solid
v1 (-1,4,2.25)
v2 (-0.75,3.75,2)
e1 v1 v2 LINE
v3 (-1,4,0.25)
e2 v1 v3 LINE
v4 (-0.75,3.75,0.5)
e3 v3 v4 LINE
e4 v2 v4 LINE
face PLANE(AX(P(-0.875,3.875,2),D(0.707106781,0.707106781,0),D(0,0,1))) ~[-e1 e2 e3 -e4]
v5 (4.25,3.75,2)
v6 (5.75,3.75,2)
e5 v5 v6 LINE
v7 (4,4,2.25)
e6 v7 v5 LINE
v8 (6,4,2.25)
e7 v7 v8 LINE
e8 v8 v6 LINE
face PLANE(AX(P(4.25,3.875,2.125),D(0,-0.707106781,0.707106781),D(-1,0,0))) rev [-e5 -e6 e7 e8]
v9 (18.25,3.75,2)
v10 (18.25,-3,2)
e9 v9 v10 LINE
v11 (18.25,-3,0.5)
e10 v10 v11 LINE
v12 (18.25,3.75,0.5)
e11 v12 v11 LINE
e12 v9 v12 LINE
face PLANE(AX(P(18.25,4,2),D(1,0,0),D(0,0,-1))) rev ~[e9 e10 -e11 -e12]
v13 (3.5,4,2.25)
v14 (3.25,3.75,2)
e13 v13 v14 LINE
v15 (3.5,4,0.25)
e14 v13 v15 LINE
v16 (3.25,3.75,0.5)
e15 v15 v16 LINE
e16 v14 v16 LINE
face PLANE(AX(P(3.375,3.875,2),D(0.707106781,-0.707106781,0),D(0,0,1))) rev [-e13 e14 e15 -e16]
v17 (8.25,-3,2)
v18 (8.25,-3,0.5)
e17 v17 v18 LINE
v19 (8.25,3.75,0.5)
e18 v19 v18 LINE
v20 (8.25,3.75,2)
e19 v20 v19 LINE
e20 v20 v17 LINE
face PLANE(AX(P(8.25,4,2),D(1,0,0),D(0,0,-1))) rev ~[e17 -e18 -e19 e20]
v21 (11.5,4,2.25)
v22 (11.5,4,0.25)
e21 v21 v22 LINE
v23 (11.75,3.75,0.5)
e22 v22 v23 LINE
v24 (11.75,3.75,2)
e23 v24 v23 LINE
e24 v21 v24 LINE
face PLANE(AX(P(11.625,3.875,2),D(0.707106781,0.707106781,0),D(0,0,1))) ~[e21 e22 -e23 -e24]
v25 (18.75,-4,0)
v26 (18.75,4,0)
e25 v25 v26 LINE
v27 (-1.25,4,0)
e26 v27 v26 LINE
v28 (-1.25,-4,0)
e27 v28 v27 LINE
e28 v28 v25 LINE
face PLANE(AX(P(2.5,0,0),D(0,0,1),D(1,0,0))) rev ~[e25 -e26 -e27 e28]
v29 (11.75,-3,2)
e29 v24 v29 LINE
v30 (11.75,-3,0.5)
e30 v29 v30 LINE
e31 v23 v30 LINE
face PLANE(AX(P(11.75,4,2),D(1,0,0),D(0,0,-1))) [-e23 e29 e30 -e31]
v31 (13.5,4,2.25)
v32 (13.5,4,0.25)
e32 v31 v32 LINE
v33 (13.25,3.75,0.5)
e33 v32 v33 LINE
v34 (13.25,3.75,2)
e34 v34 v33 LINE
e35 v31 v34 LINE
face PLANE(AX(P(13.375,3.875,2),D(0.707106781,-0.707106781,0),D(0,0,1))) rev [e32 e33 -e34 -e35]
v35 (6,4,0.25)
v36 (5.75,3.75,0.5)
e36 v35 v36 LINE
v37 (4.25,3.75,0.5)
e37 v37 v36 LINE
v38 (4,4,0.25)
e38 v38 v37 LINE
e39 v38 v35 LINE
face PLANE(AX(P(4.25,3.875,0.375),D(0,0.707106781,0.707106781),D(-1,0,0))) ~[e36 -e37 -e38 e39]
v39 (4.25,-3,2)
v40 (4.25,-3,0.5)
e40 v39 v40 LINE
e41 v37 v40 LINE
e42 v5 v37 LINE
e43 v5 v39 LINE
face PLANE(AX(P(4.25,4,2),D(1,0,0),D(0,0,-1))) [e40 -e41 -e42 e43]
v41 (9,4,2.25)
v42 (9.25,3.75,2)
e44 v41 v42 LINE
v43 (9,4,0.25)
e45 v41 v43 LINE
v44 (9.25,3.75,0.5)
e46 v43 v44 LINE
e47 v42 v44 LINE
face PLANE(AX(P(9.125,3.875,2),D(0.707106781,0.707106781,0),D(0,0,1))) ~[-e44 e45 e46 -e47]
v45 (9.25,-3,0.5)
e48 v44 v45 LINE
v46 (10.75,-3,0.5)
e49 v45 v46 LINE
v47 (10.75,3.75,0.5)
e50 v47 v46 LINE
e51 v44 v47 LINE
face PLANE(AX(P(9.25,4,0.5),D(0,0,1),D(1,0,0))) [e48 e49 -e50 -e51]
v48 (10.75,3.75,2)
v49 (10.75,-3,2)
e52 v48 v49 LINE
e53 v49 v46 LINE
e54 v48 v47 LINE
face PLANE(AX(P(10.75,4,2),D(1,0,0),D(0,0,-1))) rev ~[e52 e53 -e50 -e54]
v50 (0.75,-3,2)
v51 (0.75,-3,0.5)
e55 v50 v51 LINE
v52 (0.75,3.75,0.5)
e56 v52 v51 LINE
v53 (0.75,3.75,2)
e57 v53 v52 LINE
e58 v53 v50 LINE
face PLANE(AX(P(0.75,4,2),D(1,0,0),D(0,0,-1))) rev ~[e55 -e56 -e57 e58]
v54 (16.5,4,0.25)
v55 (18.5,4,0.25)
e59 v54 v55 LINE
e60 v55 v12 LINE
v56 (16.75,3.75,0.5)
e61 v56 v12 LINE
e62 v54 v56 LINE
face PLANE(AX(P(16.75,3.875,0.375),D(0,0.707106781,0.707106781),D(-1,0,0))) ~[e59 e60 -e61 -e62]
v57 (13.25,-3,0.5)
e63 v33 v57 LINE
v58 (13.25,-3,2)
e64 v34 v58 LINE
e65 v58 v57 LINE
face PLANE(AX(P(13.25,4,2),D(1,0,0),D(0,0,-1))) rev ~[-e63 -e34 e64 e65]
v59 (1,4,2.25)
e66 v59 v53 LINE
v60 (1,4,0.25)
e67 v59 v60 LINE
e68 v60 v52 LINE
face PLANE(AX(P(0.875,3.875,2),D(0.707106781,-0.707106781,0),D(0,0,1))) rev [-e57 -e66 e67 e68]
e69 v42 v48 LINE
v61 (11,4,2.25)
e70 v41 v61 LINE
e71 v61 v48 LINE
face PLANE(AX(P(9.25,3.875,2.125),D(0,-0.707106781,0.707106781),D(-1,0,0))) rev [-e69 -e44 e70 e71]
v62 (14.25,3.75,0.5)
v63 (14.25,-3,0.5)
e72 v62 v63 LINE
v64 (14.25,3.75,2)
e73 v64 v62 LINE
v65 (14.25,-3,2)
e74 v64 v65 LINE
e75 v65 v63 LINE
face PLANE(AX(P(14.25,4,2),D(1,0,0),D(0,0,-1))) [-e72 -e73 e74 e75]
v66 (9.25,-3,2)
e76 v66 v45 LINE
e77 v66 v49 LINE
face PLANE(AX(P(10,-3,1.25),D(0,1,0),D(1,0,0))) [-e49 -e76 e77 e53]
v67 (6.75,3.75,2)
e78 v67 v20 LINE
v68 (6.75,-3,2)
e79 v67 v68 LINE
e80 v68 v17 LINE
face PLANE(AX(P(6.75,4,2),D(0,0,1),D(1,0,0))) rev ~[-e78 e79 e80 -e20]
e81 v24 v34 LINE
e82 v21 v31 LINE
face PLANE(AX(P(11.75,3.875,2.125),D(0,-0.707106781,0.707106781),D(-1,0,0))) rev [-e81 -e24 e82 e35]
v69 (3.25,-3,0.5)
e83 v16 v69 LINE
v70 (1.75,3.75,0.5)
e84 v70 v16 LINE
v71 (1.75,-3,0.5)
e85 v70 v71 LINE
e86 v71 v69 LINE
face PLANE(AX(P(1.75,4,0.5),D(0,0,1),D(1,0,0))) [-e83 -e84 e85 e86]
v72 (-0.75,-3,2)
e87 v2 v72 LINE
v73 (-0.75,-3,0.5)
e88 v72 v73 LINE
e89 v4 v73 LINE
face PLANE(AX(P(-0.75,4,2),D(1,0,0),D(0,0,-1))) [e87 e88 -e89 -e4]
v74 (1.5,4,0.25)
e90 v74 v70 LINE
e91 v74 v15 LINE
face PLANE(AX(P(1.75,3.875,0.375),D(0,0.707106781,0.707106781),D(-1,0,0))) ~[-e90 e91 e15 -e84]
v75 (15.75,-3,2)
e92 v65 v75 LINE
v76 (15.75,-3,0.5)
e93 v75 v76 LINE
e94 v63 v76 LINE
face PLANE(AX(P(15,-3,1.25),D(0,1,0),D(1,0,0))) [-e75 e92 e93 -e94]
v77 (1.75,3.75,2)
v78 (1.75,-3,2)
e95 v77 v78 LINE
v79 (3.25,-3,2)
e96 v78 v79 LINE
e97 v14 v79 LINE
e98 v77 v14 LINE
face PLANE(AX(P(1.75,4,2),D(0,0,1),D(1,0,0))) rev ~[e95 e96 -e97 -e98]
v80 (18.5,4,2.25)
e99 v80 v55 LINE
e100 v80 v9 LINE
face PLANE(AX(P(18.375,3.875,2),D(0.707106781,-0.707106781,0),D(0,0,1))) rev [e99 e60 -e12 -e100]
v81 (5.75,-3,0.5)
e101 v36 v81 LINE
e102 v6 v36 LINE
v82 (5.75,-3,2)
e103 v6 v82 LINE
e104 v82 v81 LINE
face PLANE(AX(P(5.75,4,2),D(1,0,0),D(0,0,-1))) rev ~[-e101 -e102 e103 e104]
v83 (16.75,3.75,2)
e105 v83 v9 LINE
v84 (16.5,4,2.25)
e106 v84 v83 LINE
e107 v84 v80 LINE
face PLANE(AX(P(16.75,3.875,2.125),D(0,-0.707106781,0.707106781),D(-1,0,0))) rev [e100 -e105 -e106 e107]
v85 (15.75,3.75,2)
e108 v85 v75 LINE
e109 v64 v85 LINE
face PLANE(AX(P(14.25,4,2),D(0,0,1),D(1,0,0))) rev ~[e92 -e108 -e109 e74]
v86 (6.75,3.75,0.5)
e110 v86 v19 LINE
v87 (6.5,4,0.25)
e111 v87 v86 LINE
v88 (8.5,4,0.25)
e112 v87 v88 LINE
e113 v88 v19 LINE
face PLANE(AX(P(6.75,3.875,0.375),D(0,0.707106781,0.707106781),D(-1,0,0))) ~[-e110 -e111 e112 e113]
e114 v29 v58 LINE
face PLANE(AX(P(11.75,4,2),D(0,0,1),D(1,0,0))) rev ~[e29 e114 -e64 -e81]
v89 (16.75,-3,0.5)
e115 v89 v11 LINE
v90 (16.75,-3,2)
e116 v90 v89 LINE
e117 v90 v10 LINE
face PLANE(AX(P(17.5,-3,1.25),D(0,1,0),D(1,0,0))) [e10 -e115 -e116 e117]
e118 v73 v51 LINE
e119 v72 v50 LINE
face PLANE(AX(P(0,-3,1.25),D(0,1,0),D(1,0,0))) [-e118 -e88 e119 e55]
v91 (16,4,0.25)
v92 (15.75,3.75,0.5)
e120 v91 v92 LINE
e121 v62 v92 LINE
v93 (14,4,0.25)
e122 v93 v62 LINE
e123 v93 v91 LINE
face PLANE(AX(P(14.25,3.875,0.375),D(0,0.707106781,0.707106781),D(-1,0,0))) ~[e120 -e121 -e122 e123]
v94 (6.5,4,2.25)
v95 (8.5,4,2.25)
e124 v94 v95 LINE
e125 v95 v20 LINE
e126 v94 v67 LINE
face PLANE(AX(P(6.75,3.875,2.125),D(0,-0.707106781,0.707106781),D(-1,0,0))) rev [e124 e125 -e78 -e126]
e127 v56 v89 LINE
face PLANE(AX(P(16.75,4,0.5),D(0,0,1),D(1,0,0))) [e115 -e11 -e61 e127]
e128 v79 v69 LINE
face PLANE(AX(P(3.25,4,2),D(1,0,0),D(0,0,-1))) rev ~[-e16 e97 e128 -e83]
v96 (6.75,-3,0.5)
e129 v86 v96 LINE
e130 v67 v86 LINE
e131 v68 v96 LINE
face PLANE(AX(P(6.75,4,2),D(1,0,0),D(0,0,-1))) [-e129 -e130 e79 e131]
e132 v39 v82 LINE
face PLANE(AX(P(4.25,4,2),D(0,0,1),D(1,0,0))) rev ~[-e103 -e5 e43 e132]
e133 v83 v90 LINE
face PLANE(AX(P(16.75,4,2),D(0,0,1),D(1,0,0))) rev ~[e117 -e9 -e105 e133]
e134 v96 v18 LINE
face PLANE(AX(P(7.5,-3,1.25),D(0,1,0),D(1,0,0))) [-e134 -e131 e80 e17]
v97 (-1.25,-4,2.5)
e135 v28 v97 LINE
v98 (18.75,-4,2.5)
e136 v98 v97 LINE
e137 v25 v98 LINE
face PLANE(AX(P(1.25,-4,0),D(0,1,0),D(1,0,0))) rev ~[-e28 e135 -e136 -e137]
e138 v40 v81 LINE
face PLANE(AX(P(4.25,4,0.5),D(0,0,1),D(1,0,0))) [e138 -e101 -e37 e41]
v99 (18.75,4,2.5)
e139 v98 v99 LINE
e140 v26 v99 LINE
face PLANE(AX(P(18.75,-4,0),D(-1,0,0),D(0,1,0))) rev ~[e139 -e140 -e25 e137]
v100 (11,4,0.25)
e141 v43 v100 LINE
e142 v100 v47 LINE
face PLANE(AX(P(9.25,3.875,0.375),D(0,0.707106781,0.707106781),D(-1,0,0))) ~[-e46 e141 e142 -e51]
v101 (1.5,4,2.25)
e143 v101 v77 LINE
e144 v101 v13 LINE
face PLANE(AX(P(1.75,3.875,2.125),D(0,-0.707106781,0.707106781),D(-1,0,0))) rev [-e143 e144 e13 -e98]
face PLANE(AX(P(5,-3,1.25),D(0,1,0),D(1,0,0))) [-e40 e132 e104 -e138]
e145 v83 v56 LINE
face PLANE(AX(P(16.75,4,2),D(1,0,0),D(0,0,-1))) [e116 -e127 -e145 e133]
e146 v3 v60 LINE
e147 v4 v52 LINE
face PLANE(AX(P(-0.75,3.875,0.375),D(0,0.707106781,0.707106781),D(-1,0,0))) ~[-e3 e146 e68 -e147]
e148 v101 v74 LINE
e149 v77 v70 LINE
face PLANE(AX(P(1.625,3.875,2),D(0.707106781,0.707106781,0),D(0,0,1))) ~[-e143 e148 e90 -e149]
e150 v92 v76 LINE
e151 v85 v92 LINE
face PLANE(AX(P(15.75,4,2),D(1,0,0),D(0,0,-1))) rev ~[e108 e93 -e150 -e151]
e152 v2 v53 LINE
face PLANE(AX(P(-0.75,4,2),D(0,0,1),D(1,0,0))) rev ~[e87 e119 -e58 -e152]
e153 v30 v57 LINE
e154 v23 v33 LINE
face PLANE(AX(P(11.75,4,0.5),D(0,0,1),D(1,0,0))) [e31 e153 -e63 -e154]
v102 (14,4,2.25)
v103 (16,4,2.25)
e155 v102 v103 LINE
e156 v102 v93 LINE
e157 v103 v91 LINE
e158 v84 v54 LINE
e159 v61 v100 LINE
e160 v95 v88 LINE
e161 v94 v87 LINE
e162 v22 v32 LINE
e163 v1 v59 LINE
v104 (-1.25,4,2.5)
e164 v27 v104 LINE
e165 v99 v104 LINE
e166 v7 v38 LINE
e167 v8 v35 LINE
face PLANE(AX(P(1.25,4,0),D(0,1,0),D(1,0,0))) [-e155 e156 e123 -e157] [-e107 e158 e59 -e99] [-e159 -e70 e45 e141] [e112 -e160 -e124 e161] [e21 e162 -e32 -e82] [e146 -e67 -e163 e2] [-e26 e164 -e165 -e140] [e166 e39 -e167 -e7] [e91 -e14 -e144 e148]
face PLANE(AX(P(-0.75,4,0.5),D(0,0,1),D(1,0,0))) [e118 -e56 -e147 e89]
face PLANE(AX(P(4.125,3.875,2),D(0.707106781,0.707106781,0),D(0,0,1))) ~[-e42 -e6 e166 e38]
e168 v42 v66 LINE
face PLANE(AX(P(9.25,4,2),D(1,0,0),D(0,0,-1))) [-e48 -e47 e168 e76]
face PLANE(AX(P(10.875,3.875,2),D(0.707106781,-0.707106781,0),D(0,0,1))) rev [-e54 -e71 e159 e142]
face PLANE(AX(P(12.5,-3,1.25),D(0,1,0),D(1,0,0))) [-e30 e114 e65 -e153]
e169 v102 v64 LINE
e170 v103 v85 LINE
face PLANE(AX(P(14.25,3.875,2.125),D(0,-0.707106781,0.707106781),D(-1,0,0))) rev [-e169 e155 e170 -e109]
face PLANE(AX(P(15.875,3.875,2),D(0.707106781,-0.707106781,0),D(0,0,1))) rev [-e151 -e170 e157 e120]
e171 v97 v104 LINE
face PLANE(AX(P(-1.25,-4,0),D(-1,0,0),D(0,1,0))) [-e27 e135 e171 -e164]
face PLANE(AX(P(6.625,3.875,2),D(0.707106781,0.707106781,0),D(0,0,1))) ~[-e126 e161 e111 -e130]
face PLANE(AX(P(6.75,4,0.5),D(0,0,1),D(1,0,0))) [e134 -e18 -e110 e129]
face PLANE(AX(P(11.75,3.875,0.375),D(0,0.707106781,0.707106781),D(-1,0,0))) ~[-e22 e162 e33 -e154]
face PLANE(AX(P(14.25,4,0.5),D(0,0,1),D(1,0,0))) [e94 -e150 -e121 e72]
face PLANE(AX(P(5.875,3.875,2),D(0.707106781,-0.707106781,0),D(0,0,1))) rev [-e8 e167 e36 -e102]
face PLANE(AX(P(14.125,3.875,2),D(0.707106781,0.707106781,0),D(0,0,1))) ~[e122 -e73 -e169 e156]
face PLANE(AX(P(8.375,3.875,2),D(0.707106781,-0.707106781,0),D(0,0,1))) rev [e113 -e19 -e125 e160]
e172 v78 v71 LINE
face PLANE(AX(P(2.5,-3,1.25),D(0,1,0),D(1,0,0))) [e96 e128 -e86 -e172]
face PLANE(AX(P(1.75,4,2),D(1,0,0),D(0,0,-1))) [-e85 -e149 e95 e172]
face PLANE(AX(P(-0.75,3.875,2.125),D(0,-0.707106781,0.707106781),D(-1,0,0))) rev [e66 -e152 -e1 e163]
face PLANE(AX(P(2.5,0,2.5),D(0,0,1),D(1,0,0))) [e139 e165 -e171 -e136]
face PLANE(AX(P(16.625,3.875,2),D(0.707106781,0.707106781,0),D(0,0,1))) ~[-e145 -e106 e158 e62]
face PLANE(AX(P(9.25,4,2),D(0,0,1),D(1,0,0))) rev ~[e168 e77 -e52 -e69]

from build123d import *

# Parameters (mm, degrees)
SKETCH1_W                  = 2.5
SKETCH1_H                  = 8
BOSS_EXTRUDE1_DEPTH        = 2.5
SKETCH2_W                  = 1.5
SKETCH2_H                  = 1.5
CUT_EXTRUDE2_DEPTH         = 7
CHAMFER3_SIZE              = 0.25
LPATTERN2_COUNT            = 8
LPATTERN2_PITCH            = 2.5
CHAMFER3_OF_LPATTERN2_SIZE = 0.25


with BuildPart() as part:
    # Sketch1 → Boss-Extrude1 (new body)
    with BuildSketch(Plane.XY):
        Rectangle(SKETCH1_W, SKETCH1_H)
    boss_extrude1 = extrude(amount=BOSS_EXTRUDE1_DEPTH)

    # Sketch2 → Cut-Extrude2 (cut)
    with BuildSketch(Plane(origin=(0, 4, 0), x_dir=(1, 0, 0), z_dir=(0, 1, 0))):
        with Locations((0, -1.25)):
            Rectangle(SKETCH2_W, SKETCH2_H)
    cut_extrude2 = extrude(amount=-CUT_EXTRUDE2_DEPTH, mode=Mode.SUBTRACT)

    # Chamfer3
    chamfer3_edges = [part.edges().sort_by_distance(p)[0] for p in [
        (0, 4, 2),
        (0.75, 4, 1.25),
        (0, 4, 0.5),
        (-0.75, 4, 1.25),
    ]]
    chamfer(chamfer3_edges, length=CHAMFER3_SIZE)

    # LPattern2: Boss-Extrude1, Cut-Extrude2 ×8
    with Locations(*[(i * LPATTERN2_PITCH, 0, 0) for i in range(1, LPATTERN2_COUNT)]):
        add(boss_extrude1)
        add(cut_extrude2, mode=Mode.SUBTRACT)

    # Chamfer3 of LPattern2
    chamfer3_of_lpattern2_edges = [part.edges().sort_by_distance(p)[0] for p in [
        (2.5, 4, 2),
        (3.25, 4, 1.25),
        (2.5, 4, 0.5),
        (1.75, 4, 1.25),
        (5, 4, 2),
        (5.75, 4, 1.25),
        (5, 4, 0.5),
        (4.25, 4, 1.25),
        (7.5, 4, 2),
        (8.25, 4, 1.25),
        (7.5, 4, 0.5),
        (6.75, 4, 1.25),
        (10, 4, 2),
        (10.75, 4, 1.25),
        (10, 4, 0.5),
        (9.25, 4, 1.25),
        (12.5, 4, 2),
        (13.25, 4, 1.25),
        (12.5, 4, 0.5),
        (11.75, 4, 1.25),
        (15, 4, 2),
        (15.75, 4, 1.25),
        (15, 4, 0.5),
        (14.25, 4, 1.25),
        (17.5, 4, 2),
        (18.25, 4, 1.25),
        (17.5, 4, 0.5),
        (16.75, 4, 1.25),
    ]]
    chamfer(chamfer3_of_lpattern2_edges, length=CHAMFER3_OF_LPATTERN2_SIZE)


solid = part.part
